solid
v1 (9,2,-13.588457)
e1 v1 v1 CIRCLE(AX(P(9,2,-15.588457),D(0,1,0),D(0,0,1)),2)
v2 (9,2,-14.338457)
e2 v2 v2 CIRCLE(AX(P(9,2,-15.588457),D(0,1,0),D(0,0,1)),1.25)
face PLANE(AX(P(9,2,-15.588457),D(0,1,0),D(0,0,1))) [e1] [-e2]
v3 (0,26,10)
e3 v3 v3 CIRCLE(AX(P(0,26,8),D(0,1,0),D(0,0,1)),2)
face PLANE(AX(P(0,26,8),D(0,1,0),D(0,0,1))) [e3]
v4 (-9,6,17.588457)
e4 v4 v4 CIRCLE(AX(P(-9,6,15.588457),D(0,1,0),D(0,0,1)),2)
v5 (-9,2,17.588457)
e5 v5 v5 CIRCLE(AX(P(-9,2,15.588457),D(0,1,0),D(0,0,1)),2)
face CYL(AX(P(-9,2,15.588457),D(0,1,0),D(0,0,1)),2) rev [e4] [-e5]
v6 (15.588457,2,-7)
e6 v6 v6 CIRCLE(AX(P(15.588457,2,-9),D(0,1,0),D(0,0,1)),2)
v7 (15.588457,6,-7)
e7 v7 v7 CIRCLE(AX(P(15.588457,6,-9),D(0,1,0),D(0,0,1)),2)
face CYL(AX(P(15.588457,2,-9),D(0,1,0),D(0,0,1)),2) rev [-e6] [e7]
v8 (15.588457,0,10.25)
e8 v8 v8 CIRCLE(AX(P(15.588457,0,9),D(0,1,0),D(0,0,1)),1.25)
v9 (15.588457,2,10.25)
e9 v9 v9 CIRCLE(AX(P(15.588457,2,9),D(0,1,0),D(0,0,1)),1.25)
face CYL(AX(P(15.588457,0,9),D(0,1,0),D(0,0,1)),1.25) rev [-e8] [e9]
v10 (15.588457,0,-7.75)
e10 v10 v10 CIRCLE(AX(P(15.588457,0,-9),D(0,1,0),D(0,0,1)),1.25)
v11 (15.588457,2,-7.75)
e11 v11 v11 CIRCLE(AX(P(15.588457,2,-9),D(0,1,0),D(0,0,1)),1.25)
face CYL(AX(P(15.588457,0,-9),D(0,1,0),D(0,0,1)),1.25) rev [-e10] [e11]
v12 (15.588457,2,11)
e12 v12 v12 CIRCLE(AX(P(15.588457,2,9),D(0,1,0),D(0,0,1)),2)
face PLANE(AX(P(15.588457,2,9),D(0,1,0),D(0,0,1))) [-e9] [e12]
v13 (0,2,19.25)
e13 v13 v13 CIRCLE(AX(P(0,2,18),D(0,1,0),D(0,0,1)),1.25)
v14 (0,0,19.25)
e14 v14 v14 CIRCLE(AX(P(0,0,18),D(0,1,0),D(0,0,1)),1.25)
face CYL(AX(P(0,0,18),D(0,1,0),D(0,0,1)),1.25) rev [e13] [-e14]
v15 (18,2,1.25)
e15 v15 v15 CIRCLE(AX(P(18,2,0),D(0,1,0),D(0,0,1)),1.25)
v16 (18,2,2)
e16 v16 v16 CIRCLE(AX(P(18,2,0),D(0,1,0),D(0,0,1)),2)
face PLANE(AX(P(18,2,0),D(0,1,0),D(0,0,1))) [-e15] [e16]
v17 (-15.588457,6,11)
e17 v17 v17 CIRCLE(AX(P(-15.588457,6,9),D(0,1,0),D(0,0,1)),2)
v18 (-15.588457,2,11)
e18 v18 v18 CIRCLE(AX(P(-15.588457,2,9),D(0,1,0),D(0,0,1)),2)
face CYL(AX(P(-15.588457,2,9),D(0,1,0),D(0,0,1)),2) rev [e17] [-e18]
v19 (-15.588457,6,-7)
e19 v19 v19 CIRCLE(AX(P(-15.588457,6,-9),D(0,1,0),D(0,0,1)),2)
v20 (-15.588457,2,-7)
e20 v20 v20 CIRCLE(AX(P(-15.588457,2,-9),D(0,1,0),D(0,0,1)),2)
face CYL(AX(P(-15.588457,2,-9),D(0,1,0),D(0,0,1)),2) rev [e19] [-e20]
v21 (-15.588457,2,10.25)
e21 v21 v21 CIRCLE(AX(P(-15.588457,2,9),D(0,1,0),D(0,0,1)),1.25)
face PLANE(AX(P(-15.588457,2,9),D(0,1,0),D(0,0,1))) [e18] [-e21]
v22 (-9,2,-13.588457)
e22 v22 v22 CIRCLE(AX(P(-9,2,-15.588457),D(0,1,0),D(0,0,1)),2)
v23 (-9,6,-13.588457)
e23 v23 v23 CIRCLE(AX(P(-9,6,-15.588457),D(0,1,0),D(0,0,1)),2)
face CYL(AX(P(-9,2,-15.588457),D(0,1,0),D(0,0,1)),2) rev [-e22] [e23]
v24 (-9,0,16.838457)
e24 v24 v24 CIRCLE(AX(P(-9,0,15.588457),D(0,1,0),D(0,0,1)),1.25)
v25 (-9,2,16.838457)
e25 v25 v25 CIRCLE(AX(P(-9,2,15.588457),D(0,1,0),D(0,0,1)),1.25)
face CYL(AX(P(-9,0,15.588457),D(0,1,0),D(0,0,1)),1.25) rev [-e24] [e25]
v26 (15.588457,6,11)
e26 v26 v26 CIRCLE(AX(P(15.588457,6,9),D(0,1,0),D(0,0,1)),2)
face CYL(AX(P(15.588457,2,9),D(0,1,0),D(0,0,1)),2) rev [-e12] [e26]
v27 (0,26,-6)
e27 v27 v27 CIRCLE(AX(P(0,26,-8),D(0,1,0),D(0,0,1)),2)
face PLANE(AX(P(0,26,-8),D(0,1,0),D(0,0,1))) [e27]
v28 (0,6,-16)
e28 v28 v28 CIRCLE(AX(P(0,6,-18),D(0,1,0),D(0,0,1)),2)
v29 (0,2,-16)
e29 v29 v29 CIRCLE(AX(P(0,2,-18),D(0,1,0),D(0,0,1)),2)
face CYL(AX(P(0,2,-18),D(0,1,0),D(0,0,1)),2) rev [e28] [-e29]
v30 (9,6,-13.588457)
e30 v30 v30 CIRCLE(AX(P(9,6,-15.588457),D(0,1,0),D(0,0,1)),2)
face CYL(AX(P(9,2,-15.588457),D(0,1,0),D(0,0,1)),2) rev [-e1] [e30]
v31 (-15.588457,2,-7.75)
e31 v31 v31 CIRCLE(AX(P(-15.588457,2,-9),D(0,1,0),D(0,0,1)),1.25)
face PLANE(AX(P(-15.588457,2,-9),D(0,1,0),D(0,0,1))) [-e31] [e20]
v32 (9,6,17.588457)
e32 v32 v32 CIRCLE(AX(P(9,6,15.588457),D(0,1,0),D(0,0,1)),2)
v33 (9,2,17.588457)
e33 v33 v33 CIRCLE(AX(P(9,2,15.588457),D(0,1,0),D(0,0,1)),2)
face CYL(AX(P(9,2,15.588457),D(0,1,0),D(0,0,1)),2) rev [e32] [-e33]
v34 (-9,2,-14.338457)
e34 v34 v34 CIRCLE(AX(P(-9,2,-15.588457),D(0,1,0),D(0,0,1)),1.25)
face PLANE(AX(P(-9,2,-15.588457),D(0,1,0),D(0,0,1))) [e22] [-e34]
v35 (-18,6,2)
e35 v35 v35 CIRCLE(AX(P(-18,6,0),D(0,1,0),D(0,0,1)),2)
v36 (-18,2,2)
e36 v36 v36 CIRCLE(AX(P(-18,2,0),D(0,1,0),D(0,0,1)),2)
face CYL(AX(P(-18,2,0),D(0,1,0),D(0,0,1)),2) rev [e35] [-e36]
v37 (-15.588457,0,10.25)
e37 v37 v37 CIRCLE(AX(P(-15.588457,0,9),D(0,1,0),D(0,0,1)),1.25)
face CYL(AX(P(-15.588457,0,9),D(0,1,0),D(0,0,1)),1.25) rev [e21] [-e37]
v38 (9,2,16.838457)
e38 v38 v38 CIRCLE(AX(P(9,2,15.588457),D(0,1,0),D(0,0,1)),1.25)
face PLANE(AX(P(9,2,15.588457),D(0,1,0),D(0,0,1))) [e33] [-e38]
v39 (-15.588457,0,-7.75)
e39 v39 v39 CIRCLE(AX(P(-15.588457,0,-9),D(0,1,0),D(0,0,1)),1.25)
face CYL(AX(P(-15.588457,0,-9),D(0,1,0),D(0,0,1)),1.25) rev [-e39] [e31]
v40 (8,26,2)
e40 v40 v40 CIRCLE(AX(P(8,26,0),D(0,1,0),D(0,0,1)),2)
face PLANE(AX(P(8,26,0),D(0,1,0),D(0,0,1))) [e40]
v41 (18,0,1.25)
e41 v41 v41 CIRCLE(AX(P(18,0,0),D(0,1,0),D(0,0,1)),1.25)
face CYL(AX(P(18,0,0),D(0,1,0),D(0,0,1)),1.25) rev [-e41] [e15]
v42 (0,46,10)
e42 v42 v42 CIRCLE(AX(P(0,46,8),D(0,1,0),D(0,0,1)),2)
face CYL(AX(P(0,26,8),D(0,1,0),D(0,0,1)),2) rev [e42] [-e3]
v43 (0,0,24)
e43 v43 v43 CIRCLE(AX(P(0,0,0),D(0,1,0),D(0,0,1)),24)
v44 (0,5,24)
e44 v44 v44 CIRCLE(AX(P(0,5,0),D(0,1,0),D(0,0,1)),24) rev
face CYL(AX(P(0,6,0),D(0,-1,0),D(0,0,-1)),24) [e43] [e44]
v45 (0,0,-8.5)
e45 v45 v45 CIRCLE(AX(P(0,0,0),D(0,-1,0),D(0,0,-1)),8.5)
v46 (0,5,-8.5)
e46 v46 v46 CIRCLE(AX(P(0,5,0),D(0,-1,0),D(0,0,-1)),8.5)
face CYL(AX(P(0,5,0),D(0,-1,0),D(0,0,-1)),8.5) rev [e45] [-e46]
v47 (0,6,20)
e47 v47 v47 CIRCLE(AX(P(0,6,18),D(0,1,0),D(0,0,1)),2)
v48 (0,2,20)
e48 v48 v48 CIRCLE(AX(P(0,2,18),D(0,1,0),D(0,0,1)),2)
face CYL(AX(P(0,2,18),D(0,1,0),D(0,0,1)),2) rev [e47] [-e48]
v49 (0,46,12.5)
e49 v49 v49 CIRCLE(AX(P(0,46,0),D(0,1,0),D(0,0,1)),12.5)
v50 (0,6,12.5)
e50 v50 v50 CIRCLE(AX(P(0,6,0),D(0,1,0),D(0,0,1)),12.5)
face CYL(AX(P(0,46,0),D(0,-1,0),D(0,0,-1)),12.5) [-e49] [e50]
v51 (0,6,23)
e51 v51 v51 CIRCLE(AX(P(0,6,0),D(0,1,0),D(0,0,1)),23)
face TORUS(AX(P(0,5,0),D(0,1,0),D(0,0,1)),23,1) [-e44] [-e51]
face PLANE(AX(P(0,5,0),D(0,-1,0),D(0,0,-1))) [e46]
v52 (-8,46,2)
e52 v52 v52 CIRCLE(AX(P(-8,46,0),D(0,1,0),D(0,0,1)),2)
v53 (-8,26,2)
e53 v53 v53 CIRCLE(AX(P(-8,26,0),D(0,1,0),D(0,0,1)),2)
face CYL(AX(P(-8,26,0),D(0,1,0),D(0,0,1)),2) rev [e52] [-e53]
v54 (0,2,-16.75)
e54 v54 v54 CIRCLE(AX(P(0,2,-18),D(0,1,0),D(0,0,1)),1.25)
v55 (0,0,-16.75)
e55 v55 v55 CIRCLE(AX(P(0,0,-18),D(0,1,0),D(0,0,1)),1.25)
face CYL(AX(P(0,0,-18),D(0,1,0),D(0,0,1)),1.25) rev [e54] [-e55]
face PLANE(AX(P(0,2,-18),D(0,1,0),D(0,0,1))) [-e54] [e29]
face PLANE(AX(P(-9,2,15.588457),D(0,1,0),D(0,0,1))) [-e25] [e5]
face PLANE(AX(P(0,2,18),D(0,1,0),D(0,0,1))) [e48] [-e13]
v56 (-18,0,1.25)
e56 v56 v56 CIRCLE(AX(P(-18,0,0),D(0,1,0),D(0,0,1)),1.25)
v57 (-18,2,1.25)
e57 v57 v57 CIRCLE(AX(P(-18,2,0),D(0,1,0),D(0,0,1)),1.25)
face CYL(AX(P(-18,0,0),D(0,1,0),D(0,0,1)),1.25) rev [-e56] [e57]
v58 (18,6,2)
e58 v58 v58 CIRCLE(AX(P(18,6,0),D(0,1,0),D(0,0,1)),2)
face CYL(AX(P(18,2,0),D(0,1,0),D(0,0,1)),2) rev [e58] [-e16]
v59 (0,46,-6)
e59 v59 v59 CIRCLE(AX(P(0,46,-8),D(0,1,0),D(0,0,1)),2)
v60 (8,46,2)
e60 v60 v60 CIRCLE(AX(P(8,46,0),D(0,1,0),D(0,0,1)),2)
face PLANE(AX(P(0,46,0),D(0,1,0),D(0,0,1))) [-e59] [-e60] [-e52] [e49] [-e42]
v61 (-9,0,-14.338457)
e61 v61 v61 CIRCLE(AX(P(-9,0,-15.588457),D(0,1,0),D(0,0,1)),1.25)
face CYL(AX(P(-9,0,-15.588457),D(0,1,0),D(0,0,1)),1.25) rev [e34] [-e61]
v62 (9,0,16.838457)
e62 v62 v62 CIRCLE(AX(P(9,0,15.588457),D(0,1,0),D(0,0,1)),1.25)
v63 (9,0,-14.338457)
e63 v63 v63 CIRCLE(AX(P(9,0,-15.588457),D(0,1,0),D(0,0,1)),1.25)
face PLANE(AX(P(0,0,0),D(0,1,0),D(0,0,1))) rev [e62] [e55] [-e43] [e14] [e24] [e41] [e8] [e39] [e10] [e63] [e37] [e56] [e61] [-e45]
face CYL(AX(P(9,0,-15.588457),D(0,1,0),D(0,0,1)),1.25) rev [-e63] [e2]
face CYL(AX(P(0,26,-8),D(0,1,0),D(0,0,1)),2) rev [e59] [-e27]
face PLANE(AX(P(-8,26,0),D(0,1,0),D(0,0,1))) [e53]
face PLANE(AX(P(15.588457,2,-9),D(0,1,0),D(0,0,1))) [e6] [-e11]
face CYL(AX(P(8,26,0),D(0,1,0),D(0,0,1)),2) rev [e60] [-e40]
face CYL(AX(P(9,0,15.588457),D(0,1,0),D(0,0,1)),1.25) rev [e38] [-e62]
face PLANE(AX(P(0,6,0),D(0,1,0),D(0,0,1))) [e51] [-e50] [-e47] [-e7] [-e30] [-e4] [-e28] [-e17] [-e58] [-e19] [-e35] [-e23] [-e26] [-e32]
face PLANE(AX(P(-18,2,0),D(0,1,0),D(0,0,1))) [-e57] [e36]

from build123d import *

# Parameters (mm, degrees)
SKETCH1_R           = 24
BOSS_EXTRUDE1_DEPTH = 6
SKETCH2_R           = 2
CUT_EXTRUDE1_DEPTH  = 4
SKETCH3_R           = 1.25
CUT_EXTRUDE2_DEPTH  = 35.176014981
SKETCH4_R           = 12.5
BOSS_EXTRUDE2_DEPTH = 40
SKETCH5_R           = 8.5
CUT_EXTRUDE3_DEPTH  = 5
FILLET1_R           = 1
SKETCH6_R           = 2
CUT_EXTRUDE4_DEPTH  = 20


with BuildPart() as part:
    # Sketch1 → Boss-Extrude1 (new body)
    with BuildSketch(Plane(origin=(0, 0, 0), x_dir=(1, 0, 0), z_dir=(0, 1, 0))):
        with Locations(Location((0, 0, 0), (0, 0, 270))):
            Circle(SKETCH1_R)
    extrude(amount=BOSS_EXTRUDE1_DEPTH)

    # Sketch2 → Cut-Extrude1 (cut)
    with BuildSketch(Plane(origin=(0, 6, 0), x_dir=(1, 0, 0), z_dir=(0, 1, 0))):
        with Locations(Location((0, 18, 0), (0, 0, 270))):
            Circle(SKETCH2_R)
        with Locations(Location((9, 15.588457268, 0), (0, 0, 270))):
            Circle(SKETCH2_R)
        with Locations(Location((15.588457268, 9, 0), (0, 0, 270))):
            Circle(SKETCH2_R)
        with Locations(Location((18, 0, 0), (0, 0, 270))):
            Circle(SKETCH2_R)
        with Locations(Location((15.588457268, -9, 0), (0, 0, 270))):
            Circle(SKETCH2_R)
        with Locations(Location((9, -15.588457268, 0), (0, 0, 270))):
            Circle(SKETCH2_R)
        with Locations(Location((0, -18, 0), (0, 0, 270))):
            Circle(SKETCH2_R)
        with Locations(Location((-9, -15.588457268, 0), (0, 0, 270))):
            Circle(SKETCH2_R)
        with Locations(Location((-15.588457268, -9, 0), (0, 0, 270))):
            Circle(SKETCH2_R)
        with Locations(Location((-18, 0, 0), (0, 0, 270))):
            Circle(SKETCH2_R)
        with Locations(Location((-15.588457268, 9, 0), (0, 0, 270))):
            Circle(SKETCH2_R)
        with Locations(Location((-9, 15.588457268, 0), (0, 0, 270))):
            Circle(SKETCH2_R)
    extrude(amount=-CUT_EXTRUDE1_DEPTH, mode=Mode.SUBTRACT)

    # Sketch3 → Cut-Extrude2 (cut, through all)
    with BuildSketch(Plane(origin=(0, 2, 0), x_dir=(1, 0, 0), z_dir=(0, 1, 0))):
        with Locations(Location((0, 18, 0), (0, 0, 270))):
            Circle(SKETCH3_R)
        with Locations(Location((9, 15.588457268, 0), (0, 0, 270))):
            Circle(SKETCH3_R)
        with Locations(Location((15.588457268, 9, 0), (0, 0, 270))):
            Circle(SKETCH3_R)
        with Locations(Location((18, 0, 0), (0, 0, 270))):
            Circle(SKETCH3_R)
        with Locations(Location((15.588457268, -9, 0), (0, 0, 270))):
            Circle(SKETCH3_R)
        with Locations(Location((9, -15.588457268, 0), (0, 0, 270))):
            Circle(SKETCH3_R)
        with Locations(Location((0, -18, 0), (0, 0, 270))):
            Circle(SKETCH3_R)
        with Locations(Location((-9, -15.588457268, 0), (0, 0, 270))):
            Circle(SKETCH3_R)
        with Locations(Location((-15.588457268, -9, 0), (0, 0, 270))):
            Circle(SKETCH3_R)
        with Locations(Location((-18, 0, 0), (0, 0, 270))):
            Circle(SKETCH3_R)
        with Locations(Location((-15.588457268, 9, 0), (0, 0, 270))):
            Circle(SKETCH3_R)
        with Locations(Location((-9, 15.588457268, 0), (0, 0, 270))):
            Circle(SKETCH3_R)
    extrude(amount=-CUT_EXTRUDE2_DEPTH, mode=Mode.SUBTRACT)

    # Sketch4 → Boss-Extrude2 (add)
    with BuildSketch(Plane(origin=(0, 6, 0), x_dir=(1, 0, 0), z_dir=(0, 1, 0))):
        with Locations(Location((0, 0, 0), (0, 0, 270))):
            Circle(SKETCH4_R)
    extrude(amount=BOSS_EXTRUDE2_DEPTH)

    # Sketch5 → Cut-Extrude3 (cut)
    with BuildSketch(Plane.XZ):
        with Locations(Location((0, 0, 0), (0, 0, 270))):
            Circle(SKETCH5_R)
    extrude(amount=-CUT_EXTRUDE3_DEPTH, mode=Mode.SUBTRACT)

    # Fillet1
    fillet1_edges = [part.edges().sort_by_distance(p)[0] for p in [
        (0, 6, -24),
    ]]
    fillet(fillet1_edges, radius=FILLET1_R)

    # Sketch6 → Cut-Extrude4 (cut)
    with BuildSketch(Plane(origin=(0, 46, 0), x_dir=(1, 0, 0), z_dir=(0, 1, 0))):
        with Locations(Location((0, 8, 0), (0, 0, 270))):
            Circle(SKETCH6_R)
        with Locations(Location((8, 0, 0), (0, 0, 270))):
            Circle(SKETCH6_R)
        with Locations(Location((0, -8, 0), (0, 0, 270))):
            Circle(SKETCH6_R)
        with Locations(Location((-8, 0, 0), (0, 0, 270))):
            Circle(SKETCH6_R)
    extrude(amount=-CUT_EXTRUDE4_DEPTH, mode=Mode.SUBTRACT)


solid = part.part
